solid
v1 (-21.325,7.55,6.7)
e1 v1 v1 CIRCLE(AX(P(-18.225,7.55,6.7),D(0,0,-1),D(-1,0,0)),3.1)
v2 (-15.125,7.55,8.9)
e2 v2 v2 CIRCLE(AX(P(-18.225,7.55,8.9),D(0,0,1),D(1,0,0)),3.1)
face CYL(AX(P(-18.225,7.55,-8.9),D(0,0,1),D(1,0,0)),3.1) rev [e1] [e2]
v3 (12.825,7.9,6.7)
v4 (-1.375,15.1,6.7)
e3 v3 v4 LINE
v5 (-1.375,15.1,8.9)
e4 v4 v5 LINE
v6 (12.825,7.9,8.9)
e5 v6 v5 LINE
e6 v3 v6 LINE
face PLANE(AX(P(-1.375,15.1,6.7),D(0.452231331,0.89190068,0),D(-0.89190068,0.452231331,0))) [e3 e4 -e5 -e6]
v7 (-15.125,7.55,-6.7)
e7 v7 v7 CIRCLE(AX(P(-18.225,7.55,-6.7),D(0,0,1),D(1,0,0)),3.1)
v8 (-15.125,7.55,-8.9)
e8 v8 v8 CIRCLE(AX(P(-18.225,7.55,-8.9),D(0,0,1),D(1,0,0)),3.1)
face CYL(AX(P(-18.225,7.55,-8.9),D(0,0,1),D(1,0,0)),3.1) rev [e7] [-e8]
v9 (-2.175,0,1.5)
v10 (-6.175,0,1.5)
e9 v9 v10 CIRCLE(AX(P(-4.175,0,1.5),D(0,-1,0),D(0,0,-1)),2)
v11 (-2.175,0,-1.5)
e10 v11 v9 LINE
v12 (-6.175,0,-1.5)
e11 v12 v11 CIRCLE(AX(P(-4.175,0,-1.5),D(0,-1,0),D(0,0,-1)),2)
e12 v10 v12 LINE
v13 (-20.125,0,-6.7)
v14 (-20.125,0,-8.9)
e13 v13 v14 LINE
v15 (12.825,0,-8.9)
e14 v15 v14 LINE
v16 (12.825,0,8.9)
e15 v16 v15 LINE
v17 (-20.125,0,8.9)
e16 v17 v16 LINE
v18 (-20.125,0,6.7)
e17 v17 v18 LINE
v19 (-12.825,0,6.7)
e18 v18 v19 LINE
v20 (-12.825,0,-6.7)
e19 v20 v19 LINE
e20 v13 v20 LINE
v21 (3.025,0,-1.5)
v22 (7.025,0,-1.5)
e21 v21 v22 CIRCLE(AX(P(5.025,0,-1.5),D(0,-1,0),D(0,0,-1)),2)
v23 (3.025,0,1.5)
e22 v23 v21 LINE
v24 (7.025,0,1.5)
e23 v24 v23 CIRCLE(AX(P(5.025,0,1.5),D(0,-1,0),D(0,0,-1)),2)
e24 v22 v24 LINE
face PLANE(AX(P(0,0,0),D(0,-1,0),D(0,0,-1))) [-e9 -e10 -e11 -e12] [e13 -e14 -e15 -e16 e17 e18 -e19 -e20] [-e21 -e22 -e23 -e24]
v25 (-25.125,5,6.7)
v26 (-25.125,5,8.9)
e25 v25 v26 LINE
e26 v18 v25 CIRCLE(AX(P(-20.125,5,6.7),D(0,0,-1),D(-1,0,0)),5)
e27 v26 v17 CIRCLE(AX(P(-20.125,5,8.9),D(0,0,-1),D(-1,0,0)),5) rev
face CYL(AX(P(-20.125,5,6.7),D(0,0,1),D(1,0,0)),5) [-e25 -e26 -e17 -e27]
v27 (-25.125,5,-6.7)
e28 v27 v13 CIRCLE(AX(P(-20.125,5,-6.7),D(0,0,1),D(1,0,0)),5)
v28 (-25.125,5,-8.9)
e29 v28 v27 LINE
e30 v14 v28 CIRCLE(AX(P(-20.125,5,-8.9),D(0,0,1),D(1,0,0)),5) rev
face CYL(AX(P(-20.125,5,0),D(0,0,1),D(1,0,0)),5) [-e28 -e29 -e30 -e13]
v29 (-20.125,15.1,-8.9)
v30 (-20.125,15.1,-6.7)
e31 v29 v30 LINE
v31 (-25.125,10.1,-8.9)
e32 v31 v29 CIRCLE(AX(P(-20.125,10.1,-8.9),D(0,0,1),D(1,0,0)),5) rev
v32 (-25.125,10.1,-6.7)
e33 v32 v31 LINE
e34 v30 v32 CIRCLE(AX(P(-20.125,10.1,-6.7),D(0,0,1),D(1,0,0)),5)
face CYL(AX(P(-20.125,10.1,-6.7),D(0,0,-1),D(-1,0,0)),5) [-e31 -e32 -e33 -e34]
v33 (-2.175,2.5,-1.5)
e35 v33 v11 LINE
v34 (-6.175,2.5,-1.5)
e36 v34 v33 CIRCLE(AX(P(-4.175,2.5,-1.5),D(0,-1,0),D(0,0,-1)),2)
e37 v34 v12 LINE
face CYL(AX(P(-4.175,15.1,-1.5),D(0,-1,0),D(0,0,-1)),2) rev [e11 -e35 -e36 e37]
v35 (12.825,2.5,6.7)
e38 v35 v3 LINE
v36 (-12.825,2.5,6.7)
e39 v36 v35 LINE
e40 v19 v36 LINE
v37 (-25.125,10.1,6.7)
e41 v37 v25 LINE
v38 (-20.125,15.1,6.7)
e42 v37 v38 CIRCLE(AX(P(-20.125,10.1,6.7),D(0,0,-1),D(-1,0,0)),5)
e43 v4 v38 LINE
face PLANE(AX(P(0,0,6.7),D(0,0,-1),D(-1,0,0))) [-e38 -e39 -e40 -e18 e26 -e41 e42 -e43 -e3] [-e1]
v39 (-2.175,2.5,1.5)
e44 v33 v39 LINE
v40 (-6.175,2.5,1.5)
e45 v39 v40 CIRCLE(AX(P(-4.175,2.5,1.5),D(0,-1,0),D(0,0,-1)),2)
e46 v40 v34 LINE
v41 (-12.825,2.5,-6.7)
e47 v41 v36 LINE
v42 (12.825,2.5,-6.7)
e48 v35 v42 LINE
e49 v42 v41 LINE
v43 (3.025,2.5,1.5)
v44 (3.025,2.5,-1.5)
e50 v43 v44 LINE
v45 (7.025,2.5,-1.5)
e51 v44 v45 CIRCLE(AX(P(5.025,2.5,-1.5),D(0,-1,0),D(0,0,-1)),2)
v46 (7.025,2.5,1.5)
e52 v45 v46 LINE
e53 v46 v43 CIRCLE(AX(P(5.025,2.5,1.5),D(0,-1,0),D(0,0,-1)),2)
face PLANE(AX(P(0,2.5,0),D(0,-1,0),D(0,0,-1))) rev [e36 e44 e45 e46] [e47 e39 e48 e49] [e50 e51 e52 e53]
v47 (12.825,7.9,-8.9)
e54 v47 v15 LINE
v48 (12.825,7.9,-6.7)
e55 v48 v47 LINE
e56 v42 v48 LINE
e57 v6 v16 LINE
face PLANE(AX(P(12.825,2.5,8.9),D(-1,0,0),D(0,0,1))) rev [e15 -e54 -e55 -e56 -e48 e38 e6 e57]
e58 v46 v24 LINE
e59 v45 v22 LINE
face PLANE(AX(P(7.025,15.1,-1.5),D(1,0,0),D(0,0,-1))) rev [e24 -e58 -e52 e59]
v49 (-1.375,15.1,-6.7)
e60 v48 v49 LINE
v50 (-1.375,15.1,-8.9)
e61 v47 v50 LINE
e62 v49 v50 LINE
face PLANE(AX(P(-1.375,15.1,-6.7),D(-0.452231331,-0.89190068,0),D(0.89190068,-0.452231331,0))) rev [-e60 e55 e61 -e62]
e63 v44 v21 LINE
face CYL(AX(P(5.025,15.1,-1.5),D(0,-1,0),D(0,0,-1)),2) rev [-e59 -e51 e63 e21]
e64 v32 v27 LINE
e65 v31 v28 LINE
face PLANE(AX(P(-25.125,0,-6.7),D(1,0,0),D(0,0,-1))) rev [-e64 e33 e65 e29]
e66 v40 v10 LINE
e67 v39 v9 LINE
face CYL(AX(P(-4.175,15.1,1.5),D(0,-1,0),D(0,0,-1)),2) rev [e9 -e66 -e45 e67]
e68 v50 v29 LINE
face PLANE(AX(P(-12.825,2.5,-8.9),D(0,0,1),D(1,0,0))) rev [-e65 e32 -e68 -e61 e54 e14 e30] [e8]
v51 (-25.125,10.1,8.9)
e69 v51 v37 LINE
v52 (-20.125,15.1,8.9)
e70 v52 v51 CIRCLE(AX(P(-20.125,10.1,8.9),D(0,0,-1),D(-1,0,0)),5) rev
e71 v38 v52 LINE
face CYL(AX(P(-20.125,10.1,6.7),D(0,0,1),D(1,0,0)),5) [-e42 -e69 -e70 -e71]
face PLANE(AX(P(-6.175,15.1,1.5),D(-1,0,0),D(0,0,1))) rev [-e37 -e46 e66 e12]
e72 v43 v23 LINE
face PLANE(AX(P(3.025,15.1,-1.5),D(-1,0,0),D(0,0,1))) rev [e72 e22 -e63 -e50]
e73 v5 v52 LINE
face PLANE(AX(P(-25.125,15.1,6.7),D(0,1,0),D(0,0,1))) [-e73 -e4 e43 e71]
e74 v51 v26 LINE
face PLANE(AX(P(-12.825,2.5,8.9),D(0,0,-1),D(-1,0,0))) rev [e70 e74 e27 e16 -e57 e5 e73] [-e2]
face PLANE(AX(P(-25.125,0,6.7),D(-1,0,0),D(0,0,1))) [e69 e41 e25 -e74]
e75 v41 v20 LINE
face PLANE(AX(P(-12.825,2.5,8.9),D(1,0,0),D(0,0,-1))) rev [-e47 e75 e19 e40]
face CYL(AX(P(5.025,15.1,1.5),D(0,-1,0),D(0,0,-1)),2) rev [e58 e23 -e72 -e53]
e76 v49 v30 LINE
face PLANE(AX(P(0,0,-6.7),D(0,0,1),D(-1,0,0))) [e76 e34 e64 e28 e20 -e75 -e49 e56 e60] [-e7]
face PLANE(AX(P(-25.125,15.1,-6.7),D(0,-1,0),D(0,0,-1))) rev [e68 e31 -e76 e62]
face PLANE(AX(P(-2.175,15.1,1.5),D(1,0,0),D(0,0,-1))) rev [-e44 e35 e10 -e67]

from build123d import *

# Parameters (mm, degrees)
CROQUIS1_W              = 25.65
CROQUIS1_H              = 17.8
SALIENTE_EXTRUIR1_DEPTH = 2.5
SALIENTE_EXTRUIR2_DEPTH = 2.2
CROQUIS3_R              = 3.1
CORTAR_EXTRUIR1_DEPTH   = 18.8
CORTAR_EXTRUIR2_DEPTH   = 16.1
REDONDEO1_R             = 5


with BuildPart() as part:
    # Croquis1 → Saliente-Extruir1 (new body)
    with BuildSketch(Plane(origin=(0, 0, 0), x_dir=(1, 0, 0), z_dir=(0, 1, 0))):
        Rectangle(CROQUIS1_W, CROQUIS1_H)
    extrude(amount=SALIENTE_EXTRUIR1_DEPTH)

    # Croquis2 → Saliente-Extruir2 (add)
    with BuildSketch(Plane.XY.offset(8.9)):
        Polygon((-25.125, 0), (12.825, 0), (12.825, 7.9), (-1.375, 15.1), (-25.125, 15.1), align=None)
    saliente_extruir2 = extrude(amount=-SALIENTE_EXTRUIR2_DEPTH)

    # Simetría1: Saliente-Extruir2 across plane
    add(saliente_extruir2.mirror(Plane.XY))

    # Croquis3 → Cortar-Extruir1 (cut, through all)
    with BuildSketch(Plane.XY.offset(8.9)):
        with Locations((-18.225, 7.55)):
            Circle(CROQUIS3_R)
    extrude(amount=-CORTAR_EXTRUIR1_DEPTH, mode=Mode.SUBTRACT)

    # Croquis4 → Cortar-Extruir2 (cut, through all)
    with BuildSketch(Plane.XZ):
        with BuildLine():
            Line((-2.175, 1.5), (-2.175, -1.5))
            ThreePointArc((-2.175, -1.5), (-4.175, -3.5), (-6.175, -1.5))
            Line((-6.175, -1.5), (-6.175, 1.5))
            ThreePointArc((-6.175, 1.5), (-4.175, 3.5), (-2.175, 1.5))
        make_face()
        with BuildLine():
            Line((3.025, -1.5), (3.025, 1.5))
            ThreePointArc((3.025, 1.5), (5.025, 3.5), (7.025, 1.5))
            Line((7.025, 1.5), (7.025, -1.5))
            ThreePointArc((7.025, -1.5), (5.025, -3.5), (3.025, -1.5))
        make_face()
    extrude(amount=-CORTAR_EXTRUIR2_DEPTH, mode=Mode.SUBTRACT)

    # Redondeo1
    redondeo1_edges = [part.edges().sort_by_distance(p)[0] for p in [
        (-25.125, 0, 7.8),
        (-25.125, 15.1, 7.8),
        (-25.125, 0, -7.8),
        (-25.125, 15.1, -7.8),
    ]]
    fillet(redondeo1_edges, radius=REDONDEO1_R)


solid = part.part
